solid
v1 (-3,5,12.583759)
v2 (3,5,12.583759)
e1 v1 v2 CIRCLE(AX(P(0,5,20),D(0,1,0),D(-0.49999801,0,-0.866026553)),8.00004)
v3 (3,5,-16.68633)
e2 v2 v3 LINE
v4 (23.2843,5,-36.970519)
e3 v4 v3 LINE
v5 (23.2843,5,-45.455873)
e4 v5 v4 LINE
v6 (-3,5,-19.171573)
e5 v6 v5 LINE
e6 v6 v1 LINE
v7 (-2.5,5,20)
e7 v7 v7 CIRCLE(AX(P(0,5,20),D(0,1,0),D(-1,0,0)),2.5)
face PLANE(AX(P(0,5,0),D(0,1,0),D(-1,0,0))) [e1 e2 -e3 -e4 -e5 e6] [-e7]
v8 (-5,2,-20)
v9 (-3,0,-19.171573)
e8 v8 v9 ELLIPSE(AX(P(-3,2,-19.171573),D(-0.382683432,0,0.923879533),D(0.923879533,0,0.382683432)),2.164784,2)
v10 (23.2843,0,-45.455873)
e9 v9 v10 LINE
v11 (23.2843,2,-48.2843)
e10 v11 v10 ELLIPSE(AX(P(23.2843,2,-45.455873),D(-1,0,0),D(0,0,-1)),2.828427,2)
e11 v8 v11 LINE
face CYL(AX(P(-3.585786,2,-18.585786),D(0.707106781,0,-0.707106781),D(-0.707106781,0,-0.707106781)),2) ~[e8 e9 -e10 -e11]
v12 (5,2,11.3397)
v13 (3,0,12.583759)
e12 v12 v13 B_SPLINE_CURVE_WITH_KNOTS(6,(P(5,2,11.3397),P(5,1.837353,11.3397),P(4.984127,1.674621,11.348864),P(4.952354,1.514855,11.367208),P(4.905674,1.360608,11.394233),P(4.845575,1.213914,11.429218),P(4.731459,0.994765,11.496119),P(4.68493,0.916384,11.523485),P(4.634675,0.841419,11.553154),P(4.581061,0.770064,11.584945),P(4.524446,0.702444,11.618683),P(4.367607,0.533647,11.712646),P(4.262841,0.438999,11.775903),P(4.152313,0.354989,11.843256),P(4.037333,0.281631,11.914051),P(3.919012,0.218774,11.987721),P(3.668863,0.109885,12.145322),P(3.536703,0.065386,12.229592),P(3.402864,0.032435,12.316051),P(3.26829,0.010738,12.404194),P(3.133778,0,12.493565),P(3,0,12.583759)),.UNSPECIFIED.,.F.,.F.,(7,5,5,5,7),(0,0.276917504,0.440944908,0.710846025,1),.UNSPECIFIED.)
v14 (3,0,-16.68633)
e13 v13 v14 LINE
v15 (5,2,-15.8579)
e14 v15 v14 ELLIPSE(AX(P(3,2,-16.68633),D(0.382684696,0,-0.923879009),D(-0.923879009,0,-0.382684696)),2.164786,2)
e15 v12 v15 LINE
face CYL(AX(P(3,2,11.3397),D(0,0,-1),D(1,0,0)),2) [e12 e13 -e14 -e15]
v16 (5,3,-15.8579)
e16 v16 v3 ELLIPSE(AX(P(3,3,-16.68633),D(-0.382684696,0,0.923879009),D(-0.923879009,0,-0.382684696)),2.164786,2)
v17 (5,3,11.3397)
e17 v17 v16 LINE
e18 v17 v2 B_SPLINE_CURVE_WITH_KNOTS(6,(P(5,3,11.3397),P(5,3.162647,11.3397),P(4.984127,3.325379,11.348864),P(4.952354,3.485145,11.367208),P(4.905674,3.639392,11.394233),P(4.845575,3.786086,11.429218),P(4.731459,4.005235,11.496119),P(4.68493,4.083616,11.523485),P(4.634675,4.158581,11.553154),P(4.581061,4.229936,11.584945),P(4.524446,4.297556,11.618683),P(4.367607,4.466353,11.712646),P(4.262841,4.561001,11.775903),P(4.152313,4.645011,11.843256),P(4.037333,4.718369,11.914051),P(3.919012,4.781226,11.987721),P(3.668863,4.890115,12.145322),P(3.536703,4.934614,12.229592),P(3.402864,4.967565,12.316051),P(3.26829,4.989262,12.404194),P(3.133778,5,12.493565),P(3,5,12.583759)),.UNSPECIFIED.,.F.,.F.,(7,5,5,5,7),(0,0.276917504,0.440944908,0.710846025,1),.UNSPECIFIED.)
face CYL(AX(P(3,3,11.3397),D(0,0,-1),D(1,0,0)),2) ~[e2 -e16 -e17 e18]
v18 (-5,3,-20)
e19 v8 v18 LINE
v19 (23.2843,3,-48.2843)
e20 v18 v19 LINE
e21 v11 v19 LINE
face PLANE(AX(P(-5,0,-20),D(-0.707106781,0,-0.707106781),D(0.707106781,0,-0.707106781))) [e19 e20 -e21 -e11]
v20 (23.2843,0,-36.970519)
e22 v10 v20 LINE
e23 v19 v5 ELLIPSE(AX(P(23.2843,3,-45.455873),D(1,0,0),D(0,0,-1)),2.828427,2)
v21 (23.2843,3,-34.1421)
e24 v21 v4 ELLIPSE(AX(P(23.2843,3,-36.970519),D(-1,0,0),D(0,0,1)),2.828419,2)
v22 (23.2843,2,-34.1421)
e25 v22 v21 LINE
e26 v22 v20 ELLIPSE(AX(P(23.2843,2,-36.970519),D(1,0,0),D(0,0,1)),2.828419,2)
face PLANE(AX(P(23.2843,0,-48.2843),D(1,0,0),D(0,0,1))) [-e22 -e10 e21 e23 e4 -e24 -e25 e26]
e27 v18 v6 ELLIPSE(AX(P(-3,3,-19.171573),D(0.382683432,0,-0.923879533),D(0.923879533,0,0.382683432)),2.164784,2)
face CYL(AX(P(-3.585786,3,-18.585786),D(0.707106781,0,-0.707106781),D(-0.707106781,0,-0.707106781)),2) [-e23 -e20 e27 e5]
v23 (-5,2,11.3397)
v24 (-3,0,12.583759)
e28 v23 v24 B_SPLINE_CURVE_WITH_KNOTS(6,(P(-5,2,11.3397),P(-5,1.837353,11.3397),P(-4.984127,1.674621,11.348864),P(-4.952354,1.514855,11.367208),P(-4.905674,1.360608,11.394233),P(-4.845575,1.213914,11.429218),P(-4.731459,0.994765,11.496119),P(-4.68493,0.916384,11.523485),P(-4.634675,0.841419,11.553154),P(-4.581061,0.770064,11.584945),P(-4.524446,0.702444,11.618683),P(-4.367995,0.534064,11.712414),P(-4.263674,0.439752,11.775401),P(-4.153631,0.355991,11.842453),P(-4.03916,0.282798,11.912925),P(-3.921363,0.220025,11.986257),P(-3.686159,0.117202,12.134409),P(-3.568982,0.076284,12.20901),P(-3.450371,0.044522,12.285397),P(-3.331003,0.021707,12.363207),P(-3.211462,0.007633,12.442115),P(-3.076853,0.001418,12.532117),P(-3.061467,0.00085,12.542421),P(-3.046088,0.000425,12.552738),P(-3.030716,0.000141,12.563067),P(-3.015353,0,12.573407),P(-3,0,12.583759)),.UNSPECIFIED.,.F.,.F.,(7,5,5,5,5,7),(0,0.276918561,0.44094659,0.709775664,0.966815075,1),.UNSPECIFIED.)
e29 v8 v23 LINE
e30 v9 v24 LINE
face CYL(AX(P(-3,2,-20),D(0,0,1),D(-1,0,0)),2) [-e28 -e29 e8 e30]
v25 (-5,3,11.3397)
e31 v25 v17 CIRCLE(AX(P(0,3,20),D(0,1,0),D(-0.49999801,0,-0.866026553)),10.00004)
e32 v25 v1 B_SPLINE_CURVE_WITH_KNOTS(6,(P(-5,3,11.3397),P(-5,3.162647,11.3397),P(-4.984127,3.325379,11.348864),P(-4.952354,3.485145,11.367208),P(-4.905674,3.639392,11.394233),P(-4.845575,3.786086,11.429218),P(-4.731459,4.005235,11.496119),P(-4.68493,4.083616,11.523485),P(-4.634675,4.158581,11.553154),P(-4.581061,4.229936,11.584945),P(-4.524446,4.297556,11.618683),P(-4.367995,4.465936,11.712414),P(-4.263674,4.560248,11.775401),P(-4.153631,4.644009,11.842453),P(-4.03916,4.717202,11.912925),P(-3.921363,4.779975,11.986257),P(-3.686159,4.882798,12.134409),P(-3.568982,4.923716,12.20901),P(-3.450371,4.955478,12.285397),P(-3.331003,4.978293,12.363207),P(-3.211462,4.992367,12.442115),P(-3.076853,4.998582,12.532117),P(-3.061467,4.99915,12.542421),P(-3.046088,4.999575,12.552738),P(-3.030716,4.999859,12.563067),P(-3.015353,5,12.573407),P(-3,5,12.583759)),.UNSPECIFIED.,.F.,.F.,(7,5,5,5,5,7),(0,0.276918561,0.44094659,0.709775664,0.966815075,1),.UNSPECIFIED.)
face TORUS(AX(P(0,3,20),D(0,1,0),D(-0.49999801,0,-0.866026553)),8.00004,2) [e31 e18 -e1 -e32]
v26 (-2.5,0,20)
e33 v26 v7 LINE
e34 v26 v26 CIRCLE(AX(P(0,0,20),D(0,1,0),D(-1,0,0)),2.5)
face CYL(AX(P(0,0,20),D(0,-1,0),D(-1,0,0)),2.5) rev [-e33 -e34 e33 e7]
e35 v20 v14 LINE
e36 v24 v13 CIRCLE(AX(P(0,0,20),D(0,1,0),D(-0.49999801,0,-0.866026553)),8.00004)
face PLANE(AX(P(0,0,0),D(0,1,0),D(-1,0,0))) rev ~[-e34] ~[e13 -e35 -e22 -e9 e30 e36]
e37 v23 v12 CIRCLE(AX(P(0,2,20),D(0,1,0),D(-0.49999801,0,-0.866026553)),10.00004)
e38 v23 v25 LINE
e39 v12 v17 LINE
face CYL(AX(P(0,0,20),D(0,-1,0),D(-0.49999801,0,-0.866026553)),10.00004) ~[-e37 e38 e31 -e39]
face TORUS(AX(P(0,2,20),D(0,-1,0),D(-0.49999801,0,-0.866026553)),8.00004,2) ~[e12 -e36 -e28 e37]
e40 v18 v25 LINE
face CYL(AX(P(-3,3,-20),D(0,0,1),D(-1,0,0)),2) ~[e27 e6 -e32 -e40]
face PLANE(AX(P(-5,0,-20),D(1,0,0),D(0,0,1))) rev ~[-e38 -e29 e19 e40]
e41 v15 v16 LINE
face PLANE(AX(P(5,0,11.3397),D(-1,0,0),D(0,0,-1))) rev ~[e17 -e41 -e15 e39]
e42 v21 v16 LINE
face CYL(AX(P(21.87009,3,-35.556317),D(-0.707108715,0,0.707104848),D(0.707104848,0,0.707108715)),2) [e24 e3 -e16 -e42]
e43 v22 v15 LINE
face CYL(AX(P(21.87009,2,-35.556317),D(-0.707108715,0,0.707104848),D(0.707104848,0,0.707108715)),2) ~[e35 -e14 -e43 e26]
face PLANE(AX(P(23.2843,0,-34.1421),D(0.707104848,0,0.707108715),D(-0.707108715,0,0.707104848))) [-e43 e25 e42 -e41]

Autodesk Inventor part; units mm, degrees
ref_plane "YZ Plane" through (0, 0, 0) normal (1, 0, 0) x (0, 1, 0)
ref_plane "XZ Plane" through (0, 0, 0) normal (0, 1, 0) x (-1, 0, 0)
ref_plane "XY Plane" through (0, 0, 0) normal (0, 0, 1) x (1, 0, 0)
sketch "Sketch1" plane through (0, 0, 0) normal (0, 1, 0) x (-1, 0, 0)
  line L0 (5, -20) -> (5, 11.3397)
  line L1 (-5, 11.3397) -> (-5, -15.8579)
  arc A0 (5, 11.3397) -> (-5, 11.3397) centre (0, 20) ccw
  line L2 (5, -20) -> (-23.2843, -48.2843)
  line L3 (-23.2843, -34.1421) -> (-5, -15.8579)
  line L4 (5, -20) -> (45, -20) construction
  line L5 (-23.2843, -48.2843) -> (-23.2843, -34.1421)
  circle A1 centre (0, 20) radius 2.5
  point P0 (0, 0)
  dimension "d2" = 20
  dimension "d8" = 135
  dimension "d14" = 23.2843
extrude "Extrusion1" add sketch "Sketch1" along normal blind 5
fillet "Fillet1" radius 2 10 edges at (0, 5, 30) (0, 0, 30) (5, 5, -2.2591) (-5, 5, -4.3301) (5, 0, -2.2591) (-5, 0, -4.3301) (9.1421, 0, -34.1421) (9.1421, 5, -34.1421) (14.1421, 0, -25) (14.1421, 5, -25)
properties part number "Gripper"
